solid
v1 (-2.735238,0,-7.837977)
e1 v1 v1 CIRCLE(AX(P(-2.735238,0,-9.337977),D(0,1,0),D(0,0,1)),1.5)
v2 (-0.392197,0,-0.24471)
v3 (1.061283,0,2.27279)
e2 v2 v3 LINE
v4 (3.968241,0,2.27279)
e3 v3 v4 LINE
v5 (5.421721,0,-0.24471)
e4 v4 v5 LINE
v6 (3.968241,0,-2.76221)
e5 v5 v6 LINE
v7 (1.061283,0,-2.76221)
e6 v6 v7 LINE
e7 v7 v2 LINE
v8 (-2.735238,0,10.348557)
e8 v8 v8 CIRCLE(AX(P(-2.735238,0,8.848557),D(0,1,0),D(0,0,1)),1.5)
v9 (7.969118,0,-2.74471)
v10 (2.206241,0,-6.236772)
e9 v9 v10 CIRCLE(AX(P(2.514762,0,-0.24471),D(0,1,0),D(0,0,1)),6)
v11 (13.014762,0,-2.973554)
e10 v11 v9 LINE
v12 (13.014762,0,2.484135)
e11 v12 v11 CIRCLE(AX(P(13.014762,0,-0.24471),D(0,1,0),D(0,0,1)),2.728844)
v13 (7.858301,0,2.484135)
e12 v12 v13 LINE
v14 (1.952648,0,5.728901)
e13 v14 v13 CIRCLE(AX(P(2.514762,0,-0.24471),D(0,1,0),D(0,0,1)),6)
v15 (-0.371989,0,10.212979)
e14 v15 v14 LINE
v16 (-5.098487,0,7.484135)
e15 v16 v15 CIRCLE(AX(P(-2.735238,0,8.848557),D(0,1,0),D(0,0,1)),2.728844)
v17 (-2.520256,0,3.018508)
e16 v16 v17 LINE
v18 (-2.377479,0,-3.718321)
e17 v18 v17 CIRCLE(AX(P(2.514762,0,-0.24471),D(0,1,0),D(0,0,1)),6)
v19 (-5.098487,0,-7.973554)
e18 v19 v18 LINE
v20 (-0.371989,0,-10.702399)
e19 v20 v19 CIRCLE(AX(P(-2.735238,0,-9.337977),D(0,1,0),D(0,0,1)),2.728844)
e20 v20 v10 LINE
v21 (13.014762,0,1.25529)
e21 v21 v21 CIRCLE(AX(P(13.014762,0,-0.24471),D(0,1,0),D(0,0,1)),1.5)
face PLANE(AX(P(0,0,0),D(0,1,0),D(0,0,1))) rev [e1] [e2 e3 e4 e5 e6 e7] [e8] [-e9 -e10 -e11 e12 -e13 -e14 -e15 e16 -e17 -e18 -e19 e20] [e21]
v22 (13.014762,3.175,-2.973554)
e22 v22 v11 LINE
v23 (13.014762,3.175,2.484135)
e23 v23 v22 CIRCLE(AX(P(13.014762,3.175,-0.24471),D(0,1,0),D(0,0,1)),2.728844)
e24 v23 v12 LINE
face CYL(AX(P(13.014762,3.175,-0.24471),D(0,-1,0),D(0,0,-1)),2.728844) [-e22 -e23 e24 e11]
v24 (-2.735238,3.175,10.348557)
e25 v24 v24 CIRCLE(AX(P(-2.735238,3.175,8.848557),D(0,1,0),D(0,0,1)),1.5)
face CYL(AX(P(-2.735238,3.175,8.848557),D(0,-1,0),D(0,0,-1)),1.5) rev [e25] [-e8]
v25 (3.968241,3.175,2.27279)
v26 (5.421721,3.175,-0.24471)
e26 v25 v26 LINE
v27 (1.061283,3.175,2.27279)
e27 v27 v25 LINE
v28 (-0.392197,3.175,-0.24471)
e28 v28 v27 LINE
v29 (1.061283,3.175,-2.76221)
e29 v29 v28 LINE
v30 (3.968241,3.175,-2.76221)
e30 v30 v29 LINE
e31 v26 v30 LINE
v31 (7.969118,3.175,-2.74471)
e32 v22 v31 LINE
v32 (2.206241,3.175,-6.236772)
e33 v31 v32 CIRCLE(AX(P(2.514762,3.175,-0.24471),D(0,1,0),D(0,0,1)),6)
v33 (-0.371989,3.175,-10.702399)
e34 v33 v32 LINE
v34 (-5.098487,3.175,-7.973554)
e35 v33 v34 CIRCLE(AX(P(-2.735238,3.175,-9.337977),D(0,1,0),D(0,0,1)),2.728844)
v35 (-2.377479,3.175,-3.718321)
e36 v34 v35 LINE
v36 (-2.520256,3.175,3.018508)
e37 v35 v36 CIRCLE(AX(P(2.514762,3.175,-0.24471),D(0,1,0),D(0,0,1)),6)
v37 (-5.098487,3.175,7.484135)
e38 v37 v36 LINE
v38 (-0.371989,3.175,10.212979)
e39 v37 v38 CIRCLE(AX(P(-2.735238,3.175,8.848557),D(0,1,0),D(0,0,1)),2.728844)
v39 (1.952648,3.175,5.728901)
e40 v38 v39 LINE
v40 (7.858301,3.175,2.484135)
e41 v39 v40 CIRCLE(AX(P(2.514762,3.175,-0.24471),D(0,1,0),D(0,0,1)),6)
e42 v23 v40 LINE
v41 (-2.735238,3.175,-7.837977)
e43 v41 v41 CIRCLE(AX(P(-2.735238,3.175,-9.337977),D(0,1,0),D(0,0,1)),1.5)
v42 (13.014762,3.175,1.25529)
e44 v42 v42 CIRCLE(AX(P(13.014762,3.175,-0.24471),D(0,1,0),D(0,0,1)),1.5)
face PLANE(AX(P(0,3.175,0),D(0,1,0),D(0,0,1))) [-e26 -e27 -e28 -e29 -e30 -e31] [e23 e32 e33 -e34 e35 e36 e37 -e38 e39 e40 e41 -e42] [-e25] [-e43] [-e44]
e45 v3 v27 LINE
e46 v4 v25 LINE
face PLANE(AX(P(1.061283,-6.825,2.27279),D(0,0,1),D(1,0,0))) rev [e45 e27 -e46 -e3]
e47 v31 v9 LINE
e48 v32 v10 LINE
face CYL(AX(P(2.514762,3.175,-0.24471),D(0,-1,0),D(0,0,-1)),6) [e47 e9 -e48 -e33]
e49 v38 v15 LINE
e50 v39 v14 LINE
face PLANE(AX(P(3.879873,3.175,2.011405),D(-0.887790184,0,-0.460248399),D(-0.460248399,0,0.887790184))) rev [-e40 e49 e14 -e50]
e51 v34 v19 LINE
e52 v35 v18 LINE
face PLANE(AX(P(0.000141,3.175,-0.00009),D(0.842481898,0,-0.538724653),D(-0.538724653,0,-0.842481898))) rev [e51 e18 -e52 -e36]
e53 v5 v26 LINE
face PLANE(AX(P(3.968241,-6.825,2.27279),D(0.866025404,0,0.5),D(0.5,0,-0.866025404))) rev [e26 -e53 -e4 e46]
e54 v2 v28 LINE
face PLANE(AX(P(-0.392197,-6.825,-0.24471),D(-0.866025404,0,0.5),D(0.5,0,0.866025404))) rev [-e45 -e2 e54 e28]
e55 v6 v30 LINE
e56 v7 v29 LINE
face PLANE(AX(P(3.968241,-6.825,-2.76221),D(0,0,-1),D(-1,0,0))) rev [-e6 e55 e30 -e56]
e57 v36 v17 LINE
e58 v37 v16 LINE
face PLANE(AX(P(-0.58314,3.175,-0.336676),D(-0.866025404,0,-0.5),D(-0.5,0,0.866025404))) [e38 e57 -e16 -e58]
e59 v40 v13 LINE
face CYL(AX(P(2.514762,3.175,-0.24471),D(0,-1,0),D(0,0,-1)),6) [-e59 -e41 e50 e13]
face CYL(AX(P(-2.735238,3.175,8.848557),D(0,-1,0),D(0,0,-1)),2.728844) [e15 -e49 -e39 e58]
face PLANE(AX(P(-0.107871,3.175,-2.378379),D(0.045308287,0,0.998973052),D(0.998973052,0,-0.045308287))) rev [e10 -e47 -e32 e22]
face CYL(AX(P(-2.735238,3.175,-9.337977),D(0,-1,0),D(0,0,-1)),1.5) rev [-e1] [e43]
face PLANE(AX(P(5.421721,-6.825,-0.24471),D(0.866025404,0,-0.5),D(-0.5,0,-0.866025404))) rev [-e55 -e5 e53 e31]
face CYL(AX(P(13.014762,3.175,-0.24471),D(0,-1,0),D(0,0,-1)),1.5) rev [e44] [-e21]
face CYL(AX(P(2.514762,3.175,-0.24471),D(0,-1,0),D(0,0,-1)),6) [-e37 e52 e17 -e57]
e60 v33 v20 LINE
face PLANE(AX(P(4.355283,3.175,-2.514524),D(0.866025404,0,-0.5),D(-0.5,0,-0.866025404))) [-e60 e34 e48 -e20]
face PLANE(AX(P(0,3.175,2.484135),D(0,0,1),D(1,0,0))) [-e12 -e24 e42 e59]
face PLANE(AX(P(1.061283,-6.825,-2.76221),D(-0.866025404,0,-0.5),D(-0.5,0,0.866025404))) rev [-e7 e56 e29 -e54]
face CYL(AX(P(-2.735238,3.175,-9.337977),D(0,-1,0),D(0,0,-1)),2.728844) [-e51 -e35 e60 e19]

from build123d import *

# Parameters (mm, degrees)
SKETCH1_R           = 1.5
BOSS_EXTRUDE1_DEPTH = 3.175
CUT_EXTRUDE1_DEPTH  = 10


with BuildPart() as part:
    # Sketch1 → Boss-Extrude1 (new body)
    with BuildSketch(Plane(origin=(0, 0, 0), x_dir=(1, 0, 0), z_dir=(0, 1, 0))):
        with BuildLine():
            Line((7.858300919, -2.484134681), (13.014762042, -2.484134681))
            ThreePointArc((13.014762042, -2.484134681), (15.743606535, 0.244709812), (13.014762042, 2.973554305))
            Line((13.014762042, 2.973554305), (7.969118099, 2.744709812))
            ThreePointArc((7.969118099, 2.744709812), (5.624188125, 5.376129638), (2.206241257, 6.236772472))
            Line((2.206241257, 6.236772472), (-0.371989304, 10.702398798))
            ThreePointArc((-0.371989304, 10.702398798), (-4.099660205, 11.701225206), (-5.098486612, 7.973554305))
            Line((-5.098486612, 7.973554305), (-2.377479496, 3.718320719))
            ThreePointArc((-2.377479496, 3.718320719), (-3.483890927, 0.371841879), (-2.520256051, -3.018508355))
            Line((-2.520256051, -3.018508355), (-5.098486612, -7.484134681))
            ThreePointArc((-5.098486612, -7.484134681), (-4.099660205, -11.211805582), (-0.371989304, -10.212979174))
            Line((-0.371989304, -10.212979174), (1.952647522, -5.728901095))
            ThreePointArc((1.952647522, -5.728901095), (5.403988927, -5.013842081), (7.858300919, -2.484134681))
        make_face()
        Polygon((3.965354593, 2.757209812), (5.415947144, 0.244709812), (3.965354593, -2.267790188), (1.06416949, -2.267790188), (-0.386423061, 0.244709812), (1.06416949, 2.757209812), align=None, mode=Mode.SUBTRACT)
        with Locations(Location((13.014762042, 0.244709812, 0), (0, 0, 270))):
            Circle(SKETCH1_R, mode=Mode.SUBTRACT)
        with Locations(Location((-2.735237958, 9.337976552, 0), (0, 0, 270))):
            Circle(SKETCH1_R, mode=Mode.SUBTRACT)
        with Locations(Location((-2.735237958, -8.848556928, 0), (0, 0, 270))):
            Circle(SKETCH1_R, mode=Mode.SUBTRACT)
    extrude(amount=BOSS_EXTRUDE1_DEPTH)

    # Sketch2 → Cut-Extrude1 (cut)
    with BuildSketch(Plane(origin=(0, 3.175, 0), x_dir=(1, 0, 0), z_dir=(0, 1, 0))):
        Polygon((5.421720647, 0.244709812), (3.968241344, 2.762209812), (1.061282739, 2.762209812), (-0.392196564, 0.244709812), (1.061282739, -2.272790188), (3.968241344, -2.272790188), align=None)
    extrude(amount=-CUT_EXTRUDE1_DEPTH, mode=Mode.SUBTRACT)


solid = part.part
